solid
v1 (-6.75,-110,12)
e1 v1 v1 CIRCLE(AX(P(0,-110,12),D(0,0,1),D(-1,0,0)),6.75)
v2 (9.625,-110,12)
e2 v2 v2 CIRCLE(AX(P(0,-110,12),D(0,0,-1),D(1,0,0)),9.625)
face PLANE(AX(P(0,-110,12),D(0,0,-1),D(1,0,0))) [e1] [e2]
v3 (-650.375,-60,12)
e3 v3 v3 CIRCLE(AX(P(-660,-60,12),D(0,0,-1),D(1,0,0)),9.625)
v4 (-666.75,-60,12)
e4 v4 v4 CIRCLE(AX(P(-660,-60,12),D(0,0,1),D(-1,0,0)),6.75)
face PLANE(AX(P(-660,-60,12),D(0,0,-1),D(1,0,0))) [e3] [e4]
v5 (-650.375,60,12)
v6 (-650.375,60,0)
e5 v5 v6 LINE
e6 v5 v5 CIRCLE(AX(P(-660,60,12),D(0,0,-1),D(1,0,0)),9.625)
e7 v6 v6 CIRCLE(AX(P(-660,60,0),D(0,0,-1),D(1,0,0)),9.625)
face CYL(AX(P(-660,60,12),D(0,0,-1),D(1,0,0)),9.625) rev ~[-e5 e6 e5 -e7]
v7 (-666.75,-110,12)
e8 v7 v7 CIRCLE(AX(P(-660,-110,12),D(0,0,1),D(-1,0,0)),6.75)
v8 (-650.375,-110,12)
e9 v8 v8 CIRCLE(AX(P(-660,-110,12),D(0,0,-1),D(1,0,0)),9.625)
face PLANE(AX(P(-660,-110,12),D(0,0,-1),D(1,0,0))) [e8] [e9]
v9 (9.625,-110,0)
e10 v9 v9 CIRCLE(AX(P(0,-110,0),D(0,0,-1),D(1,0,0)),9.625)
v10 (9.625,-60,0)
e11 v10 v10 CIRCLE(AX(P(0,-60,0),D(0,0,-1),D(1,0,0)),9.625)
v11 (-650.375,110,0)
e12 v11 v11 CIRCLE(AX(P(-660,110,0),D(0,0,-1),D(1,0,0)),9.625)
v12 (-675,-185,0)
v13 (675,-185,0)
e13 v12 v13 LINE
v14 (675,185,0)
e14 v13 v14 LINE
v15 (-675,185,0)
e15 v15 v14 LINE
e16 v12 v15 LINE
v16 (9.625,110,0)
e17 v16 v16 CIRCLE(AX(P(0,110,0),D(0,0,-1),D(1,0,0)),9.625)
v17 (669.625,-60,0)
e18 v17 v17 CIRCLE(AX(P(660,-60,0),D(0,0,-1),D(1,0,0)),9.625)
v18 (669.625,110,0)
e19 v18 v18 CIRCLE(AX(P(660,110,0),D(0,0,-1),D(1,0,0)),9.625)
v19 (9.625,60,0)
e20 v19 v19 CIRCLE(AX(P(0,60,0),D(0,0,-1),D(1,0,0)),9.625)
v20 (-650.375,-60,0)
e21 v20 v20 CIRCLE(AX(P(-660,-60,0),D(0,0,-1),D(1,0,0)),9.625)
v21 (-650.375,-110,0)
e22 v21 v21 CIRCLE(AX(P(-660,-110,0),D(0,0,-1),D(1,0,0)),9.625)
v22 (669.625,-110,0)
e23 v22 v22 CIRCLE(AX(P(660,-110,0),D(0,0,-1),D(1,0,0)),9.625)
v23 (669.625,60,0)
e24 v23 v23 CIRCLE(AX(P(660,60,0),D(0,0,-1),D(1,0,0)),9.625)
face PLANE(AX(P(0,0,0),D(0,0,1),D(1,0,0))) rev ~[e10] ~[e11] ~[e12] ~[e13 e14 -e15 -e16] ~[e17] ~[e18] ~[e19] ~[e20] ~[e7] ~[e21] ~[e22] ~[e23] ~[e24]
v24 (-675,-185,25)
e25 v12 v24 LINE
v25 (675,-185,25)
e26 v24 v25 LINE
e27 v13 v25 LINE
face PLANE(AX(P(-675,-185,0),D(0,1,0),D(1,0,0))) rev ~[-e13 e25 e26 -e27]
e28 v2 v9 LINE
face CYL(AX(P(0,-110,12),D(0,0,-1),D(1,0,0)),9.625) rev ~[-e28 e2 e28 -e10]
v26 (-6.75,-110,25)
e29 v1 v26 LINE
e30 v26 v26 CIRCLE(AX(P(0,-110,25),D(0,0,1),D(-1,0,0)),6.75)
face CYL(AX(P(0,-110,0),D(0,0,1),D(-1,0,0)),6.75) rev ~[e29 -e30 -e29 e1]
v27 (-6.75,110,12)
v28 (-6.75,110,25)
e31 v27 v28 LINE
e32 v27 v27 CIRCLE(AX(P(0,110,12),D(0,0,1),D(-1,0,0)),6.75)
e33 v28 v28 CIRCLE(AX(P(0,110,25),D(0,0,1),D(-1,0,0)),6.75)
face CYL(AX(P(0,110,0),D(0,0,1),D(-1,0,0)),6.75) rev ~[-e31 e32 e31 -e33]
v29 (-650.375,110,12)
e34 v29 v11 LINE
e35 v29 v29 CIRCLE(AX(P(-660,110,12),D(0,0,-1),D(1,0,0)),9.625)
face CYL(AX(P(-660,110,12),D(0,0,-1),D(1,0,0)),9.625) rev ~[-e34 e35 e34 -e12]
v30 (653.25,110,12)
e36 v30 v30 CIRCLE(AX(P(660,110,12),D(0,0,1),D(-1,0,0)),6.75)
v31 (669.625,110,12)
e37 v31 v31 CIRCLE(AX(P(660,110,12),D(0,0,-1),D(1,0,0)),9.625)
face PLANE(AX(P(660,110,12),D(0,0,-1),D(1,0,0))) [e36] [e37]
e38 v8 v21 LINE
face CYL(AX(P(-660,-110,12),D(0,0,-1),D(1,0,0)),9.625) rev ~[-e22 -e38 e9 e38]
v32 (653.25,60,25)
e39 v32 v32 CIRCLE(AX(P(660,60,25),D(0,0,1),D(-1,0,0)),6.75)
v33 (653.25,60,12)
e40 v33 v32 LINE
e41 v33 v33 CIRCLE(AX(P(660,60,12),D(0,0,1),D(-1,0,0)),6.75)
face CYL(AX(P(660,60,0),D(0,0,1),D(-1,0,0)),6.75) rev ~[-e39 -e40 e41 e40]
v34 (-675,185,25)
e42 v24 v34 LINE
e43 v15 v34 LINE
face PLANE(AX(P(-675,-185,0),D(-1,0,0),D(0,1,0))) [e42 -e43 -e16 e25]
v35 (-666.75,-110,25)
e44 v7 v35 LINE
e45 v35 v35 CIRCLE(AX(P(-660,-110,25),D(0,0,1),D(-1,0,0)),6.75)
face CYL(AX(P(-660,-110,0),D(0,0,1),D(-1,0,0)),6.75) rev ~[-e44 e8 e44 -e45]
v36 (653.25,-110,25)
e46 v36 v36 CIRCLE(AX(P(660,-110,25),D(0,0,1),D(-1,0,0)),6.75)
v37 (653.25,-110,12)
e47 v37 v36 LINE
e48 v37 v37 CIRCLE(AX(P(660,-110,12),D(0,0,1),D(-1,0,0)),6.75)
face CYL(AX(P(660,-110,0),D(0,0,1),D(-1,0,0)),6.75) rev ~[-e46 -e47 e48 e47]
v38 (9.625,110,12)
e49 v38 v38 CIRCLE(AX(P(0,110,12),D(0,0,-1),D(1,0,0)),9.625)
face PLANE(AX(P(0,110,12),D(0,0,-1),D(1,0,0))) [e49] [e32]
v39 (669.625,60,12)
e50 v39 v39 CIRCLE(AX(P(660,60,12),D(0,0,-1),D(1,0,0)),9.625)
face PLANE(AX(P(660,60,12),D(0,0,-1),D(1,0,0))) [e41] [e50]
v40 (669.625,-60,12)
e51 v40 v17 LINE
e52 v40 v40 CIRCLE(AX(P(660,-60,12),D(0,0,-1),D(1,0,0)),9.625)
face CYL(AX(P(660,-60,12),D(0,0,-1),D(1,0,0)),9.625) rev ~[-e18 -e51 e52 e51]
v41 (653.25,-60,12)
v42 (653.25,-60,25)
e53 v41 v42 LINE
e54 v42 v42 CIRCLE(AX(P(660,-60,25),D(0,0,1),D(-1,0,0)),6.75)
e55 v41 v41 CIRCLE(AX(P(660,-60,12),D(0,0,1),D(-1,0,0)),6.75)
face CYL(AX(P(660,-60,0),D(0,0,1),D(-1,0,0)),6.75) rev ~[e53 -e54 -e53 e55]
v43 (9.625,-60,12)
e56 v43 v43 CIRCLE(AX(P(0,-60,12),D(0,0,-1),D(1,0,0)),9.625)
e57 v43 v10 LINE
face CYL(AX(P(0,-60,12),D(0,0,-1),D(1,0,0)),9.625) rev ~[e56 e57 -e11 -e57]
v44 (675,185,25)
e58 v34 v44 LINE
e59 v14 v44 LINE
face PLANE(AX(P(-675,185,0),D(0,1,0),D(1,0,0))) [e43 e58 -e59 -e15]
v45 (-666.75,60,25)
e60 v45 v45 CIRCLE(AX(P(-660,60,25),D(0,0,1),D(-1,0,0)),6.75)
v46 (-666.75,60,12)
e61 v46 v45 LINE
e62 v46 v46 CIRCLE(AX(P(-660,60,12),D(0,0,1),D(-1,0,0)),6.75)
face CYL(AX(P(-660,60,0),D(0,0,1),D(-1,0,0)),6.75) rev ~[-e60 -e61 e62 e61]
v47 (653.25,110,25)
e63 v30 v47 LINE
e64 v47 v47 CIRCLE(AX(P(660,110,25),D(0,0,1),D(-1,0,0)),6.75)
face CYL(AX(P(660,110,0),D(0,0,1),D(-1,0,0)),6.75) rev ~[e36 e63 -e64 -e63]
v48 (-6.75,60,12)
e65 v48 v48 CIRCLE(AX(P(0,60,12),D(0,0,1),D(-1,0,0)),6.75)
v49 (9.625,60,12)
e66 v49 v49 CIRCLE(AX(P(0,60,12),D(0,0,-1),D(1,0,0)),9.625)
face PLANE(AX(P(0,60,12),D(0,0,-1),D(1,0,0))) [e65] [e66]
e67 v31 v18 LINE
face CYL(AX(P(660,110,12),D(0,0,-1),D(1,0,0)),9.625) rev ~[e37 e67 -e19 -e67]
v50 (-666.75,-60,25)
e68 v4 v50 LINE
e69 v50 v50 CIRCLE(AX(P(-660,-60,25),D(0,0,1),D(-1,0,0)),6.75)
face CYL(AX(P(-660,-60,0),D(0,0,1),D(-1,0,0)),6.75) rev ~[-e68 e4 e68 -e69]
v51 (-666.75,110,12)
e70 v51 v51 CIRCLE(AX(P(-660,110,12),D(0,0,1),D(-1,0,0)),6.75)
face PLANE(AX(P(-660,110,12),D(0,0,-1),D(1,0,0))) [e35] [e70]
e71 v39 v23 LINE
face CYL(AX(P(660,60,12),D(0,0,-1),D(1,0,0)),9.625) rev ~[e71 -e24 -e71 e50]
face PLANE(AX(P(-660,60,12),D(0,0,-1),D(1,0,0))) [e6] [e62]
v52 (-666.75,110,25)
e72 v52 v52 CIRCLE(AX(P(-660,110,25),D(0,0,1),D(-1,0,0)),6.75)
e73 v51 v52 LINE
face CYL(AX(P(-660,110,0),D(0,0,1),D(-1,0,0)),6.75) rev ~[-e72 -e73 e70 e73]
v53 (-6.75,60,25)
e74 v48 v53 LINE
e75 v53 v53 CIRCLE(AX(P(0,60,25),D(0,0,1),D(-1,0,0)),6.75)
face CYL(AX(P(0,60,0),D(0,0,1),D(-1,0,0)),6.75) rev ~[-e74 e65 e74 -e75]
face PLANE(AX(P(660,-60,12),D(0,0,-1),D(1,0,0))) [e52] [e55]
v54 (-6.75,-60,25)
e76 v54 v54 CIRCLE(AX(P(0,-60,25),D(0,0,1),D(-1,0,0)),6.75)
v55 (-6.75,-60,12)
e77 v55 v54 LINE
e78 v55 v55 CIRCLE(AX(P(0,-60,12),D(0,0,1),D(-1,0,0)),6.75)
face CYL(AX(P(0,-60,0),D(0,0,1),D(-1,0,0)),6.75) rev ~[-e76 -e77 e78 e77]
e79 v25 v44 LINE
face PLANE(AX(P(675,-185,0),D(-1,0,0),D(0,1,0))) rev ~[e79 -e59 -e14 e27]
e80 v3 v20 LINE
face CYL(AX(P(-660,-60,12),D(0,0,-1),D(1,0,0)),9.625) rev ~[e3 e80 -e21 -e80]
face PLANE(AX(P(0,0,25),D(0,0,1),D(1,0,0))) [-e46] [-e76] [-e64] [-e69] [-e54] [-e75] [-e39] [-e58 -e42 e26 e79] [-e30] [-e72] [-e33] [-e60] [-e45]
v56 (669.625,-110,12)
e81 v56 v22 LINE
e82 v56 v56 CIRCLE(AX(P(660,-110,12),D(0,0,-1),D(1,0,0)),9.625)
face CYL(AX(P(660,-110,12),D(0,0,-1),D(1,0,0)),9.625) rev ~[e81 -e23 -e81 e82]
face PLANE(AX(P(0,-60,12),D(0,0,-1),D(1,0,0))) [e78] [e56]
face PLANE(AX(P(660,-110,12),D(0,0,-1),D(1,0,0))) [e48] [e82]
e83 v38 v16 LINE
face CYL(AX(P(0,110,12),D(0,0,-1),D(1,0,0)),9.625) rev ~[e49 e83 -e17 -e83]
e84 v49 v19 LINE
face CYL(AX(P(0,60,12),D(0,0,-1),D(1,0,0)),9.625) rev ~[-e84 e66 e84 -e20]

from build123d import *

# Parameters (mm, degrees)
F0_W           = 1350
F0_H           = 370
F1_DEPTH       = 25
F3_D           = 13.5
F3_CBORE_D     = 19.25
F3_CBORE_DEPTH = 12


with BuildPart() as f1:
    # F0 (on Top) → F1 (new body)
    with BuildSketch(Plane.XY):
        Rectangle(F0_W, F0_H)
    extrude(amount=F1_DEPTH)

    # F3 (through all)
    with Locations(Plane(origin=(0, 0, 0), x_dir=(1, 0, 0), z_dir=(0, 0, -1))):
        with Locations((-660, 110), (-660, 60), (0, 110), (0, 60), (660, 60), (660, 110), (660, -110), (660, -60), (0, -60), (0, -110), (-660, -110), (-660, -60)):
            CounterBoreHole(F3_D / 2, F3_CBORE_D / 2, F3_CBORE_DEPTH)


solid = f1.part
